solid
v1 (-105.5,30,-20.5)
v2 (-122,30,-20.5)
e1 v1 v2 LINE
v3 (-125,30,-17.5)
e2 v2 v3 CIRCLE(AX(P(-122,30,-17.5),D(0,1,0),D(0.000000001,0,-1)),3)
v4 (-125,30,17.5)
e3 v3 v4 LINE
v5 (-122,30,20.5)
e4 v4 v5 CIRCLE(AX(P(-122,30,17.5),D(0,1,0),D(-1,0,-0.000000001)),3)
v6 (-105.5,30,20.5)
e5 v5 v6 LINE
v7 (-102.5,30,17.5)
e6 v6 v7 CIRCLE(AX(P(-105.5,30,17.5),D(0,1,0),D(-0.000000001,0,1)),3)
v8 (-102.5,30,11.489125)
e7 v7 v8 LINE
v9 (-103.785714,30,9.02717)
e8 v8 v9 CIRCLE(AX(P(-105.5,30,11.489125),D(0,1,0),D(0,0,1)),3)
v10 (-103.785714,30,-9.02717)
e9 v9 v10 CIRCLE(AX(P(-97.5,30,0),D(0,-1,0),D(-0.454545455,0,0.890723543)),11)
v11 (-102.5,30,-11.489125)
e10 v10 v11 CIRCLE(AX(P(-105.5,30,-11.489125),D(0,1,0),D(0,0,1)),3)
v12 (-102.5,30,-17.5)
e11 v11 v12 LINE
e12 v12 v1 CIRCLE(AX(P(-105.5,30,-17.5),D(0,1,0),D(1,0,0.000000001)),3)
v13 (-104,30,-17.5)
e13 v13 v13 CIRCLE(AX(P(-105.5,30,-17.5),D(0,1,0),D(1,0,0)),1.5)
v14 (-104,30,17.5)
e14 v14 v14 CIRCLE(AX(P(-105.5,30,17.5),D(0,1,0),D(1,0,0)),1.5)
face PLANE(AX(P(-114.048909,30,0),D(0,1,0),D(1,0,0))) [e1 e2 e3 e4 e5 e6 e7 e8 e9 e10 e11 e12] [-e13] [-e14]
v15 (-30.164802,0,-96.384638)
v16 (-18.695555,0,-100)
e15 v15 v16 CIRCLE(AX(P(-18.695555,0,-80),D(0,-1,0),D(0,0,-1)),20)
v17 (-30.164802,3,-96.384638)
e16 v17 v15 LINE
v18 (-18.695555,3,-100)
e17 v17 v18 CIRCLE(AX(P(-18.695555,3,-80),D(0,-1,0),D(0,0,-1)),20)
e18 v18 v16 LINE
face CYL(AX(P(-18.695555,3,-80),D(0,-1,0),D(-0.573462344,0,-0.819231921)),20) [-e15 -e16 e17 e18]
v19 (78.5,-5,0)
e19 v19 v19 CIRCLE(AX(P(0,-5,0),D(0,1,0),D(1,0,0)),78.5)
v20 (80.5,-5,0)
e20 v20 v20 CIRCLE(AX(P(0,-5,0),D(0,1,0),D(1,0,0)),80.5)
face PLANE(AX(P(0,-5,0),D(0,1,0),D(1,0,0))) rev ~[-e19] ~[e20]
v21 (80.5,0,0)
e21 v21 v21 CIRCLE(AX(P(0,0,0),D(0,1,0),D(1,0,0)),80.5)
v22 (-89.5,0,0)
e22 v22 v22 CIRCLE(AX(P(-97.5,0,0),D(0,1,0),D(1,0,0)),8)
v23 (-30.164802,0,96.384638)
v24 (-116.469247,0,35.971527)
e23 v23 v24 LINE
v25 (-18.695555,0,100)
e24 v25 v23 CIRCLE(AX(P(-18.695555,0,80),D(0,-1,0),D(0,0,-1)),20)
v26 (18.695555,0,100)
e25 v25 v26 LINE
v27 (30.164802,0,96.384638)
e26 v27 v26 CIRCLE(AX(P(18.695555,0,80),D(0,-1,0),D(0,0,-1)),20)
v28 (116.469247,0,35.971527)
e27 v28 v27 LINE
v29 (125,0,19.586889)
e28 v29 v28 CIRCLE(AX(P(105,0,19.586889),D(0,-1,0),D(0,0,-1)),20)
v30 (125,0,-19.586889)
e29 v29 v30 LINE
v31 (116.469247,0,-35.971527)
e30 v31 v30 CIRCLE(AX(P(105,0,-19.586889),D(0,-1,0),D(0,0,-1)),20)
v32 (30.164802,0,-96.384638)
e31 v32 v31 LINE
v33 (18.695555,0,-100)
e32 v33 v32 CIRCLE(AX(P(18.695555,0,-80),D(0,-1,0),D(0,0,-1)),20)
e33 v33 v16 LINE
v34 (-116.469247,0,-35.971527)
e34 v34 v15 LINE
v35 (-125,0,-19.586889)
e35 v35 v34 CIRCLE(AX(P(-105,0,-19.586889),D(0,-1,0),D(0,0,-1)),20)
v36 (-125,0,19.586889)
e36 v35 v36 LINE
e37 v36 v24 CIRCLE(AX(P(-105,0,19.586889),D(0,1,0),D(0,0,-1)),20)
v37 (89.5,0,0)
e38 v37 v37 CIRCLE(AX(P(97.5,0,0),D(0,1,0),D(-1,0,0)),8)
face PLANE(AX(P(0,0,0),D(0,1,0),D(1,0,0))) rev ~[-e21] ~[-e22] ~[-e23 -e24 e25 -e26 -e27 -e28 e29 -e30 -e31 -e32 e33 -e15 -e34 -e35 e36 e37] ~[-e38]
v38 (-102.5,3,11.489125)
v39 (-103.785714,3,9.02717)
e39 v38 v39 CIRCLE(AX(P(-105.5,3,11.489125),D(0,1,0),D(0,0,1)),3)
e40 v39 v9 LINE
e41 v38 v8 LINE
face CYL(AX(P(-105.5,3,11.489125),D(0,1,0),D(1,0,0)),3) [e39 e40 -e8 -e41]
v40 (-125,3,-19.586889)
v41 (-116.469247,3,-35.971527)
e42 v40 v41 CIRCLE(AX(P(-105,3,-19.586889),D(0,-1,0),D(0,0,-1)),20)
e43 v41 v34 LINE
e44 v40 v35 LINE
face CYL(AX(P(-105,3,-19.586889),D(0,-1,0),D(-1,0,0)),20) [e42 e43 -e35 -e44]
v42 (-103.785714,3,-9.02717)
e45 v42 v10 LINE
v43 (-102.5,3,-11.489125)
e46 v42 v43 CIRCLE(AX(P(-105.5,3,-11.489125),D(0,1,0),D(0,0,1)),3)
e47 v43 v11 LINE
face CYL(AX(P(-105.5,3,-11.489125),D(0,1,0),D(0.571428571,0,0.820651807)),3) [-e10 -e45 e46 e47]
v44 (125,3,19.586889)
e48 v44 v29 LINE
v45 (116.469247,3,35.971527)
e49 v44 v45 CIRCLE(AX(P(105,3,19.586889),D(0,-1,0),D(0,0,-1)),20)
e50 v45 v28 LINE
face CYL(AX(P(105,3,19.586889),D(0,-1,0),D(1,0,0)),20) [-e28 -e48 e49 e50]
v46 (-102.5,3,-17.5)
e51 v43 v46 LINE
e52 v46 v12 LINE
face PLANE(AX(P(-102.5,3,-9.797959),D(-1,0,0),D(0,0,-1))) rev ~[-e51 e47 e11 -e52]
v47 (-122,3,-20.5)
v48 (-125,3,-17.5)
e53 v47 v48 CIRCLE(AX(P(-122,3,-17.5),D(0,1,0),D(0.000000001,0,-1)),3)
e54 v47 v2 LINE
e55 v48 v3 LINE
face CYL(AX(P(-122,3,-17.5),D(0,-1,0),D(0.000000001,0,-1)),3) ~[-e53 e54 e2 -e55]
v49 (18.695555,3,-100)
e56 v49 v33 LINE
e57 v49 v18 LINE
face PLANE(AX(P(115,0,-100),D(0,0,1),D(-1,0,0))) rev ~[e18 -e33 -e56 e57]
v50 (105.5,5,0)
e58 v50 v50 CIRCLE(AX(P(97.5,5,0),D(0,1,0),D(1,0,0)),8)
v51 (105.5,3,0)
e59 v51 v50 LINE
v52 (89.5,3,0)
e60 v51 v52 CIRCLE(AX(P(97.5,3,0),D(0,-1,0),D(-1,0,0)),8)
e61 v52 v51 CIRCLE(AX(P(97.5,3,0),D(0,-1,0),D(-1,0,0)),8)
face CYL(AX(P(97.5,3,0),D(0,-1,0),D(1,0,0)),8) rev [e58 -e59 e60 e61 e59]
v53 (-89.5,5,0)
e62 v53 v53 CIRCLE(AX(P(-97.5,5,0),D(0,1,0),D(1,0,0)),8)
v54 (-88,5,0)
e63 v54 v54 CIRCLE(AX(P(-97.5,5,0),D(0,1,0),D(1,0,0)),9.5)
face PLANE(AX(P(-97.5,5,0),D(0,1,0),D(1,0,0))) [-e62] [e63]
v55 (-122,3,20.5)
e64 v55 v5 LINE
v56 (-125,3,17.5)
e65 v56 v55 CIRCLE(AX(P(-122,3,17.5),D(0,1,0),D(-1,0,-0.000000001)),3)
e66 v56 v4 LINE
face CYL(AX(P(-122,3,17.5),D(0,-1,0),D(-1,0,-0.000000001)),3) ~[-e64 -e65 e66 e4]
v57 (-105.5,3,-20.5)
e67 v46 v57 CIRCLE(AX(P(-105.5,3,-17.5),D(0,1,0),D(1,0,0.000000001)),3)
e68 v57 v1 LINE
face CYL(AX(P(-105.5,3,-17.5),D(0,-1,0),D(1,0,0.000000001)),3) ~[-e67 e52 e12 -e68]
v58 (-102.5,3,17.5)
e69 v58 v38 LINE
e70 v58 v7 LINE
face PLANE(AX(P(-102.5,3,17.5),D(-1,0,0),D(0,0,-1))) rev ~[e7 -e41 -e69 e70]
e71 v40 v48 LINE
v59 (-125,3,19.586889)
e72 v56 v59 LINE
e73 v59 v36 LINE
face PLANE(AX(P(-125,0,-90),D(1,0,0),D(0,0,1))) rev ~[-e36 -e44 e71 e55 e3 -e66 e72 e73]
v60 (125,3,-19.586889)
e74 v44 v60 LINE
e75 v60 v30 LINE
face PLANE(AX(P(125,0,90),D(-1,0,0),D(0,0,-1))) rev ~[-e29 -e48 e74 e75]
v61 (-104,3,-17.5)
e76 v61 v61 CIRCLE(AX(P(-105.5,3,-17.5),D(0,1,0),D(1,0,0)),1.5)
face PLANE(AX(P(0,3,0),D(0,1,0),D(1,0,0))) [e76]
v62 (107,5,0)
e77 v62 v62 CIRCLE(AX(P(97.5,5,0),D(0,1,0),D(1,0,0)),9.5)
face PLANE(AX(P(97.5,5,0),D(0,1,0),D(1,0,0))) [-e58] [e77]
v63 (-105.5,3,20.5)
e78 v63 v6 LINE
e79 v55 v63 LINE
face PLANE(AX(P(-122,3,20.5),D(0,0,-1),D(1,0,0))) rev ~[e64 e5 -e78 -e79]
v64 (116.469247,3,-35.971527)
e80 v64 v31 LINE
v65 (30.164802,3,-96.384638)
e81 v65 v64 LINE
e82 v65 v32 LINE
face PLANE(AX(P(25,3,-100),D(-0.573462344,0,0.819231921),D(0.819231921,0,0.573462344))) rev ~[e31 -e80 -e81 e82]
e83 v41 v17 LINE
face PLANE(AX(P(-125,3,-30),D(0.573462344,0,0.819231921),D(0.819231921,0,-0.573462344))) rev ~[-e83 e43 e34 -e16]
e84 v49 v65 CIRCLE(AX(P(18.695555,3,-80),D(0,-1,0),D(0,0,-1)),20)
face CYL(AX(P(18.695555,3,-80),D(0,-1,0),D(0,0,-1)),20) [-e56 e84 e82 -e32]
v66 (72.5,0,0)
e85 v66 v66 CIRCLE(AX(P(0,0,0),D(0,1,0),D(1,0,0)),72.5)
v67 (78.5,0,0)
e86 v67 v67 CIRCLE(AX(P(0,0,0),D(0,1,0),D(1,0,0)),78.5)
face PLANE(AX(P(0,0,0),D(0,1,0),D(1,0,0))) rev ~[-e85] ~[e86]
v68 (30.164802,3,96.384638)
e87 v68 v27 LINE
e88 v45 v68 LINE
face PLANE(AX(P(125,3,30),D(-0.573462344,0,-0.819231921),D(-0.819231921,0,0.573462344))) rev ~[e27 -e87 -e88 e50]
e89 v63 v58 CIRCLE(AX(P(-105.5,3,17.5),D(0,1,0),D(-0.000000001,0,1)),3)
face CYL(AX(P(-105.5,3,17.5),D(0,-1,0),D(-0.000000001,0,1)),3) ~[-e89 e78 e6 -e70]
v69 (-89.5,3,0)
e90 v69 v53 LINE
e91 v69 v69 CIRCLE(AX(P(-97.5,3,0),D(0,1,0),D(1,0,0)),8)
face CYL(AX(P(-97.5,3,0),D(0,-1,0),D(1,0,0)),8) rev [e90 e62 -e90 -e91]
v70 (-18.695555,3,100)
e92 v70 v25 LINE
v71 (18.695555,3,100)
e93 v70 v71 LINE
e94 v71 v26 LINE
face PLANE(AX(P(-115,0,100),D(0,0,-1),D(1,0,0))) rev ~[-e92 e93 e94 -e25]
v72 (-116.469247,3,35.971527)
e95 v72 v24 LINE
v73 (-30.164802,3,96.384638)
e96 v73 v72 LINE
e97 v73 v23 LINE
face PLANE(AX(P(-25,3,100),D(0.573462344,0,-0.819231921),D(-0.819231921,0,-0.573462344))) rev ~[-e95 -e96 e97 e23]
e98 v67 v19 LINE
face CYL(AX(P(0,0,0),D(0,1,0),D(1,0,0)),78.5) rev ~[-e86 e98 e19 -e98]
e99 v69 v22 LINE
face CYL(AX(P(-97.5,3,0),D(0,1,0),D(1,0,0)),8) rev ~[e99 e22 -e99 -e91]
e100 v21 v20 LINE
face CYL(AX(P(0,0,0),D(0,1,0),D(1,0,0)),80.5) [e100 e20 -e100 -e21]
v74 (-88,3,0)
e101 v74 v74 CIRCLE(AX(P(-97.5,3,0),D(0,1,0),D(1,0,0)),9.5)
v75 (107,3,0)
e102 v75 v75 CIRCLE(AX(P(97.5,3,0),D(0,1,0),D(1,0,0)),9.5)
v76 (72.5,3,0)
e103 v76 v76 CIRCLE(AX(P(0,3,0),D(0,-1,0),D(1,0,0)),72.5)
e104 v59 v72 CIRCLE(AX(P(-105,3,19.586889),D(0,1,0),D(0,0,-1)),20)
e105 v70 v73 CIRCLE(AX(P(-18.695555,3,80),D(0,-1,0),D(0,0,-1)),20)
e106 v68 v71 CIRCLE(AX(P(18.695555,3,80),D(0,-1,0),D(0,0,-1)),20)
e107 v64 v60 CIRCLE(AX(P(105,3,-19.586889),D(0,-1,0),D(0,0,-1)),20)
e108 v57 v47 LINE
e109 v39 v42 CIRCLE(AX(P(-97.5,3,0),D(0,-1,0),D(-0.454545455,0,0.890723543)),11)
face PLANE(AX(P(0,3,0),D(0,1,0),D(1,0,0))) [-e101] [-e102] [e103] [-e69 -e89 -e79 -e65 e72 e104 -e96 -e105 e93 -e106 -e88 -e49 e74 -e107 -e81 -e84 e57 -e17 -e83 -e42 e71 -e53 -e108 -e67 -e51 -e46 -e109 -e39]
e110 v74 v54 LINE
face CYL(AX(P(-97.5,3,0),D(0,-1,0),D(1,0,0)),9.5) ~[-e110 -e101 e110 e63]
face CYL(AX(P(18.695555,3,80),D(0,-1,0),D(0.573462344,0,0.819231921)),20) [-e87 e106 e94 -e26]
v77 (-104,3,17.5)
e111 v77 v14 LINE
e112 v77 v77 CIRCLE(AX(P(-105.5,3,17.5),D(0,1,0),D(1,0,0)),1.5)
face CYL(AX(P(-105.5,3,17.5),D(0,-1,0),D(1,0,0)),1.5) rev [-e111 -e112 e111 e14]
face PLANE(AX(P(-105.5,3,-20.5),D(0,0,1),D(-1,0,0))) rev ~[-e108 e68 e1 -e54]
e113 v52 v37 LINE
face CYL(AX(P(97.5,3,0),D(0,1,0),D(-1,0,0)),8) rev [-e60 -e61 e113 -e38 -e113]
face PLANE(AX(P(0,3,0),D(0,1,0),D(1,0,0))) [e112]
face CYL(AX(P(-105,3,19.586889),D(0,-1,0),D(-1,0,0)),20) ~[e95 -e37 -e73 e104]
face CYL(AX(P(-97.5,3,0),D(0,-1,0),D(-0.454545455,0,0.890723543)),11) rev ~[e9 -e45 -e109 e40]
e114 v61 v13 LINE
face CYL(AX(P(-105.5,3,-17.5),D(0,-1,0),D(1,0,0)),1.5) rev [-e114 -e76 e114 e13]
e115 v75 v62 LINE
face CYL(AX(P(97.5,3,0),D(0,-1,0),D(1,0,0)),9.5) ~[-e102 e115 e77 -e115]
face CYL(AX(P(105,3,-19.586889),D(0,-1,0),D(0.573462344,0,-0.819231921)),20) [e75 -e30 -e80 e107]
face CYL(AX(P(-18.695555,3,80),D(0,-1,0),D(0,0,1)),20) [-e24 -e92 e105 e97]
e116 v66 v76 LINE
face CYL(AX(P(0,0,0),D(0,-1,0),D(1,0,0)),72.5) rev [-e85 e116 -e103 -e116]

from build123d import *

# Parameters (mm, degrees)
BOSS_EXTRUDE1_DEPTH = 3
SKETCH2_R           = 8
CUT_EXTRUDE1_DEPTH  = 4
SKETCH5_R           = 72.5
CUT_EXTRUDE4_DEPTH  = 4
SKETCH4_R           = 80.5
SKETCH4_R_2         = 78.5
EXTRUDE_THIN1_DEPTH = 5
SKETCH6_R           = 1.5
BOSS_EXTRUDE2_DEPTH = 27
FILLET1_R           = 3
CUT_EXTRUDE5_DEPTH  = 10
FILLET2_R           = 20
SKETCH8_R           = 9.5
SKETCH8_R_2         = 8
EXTRUDE_THIN2_DEPTH = 2


with BuildPart() as part:
    # Sketch1 → Boss-Extrude1 (new body)
    with BuildSketch(Plane(origin=(0, 0, 0), x_dir=(1, 0, 0), z_dir=(0, 1, 0))):
        with BuildLine():
            Line((-115, -100), (115, -100))
            ThreePointArc((115, -100), (122.071067812, -97.071067812), (125, -90))
            Line((125, -90), (125, 90))
            ThreePointArc((125, 90), (122.071067812, 97.071067812), (115, 100))
            Line((115, 100), (-115, 100))
            ThreePointArc((-115, 100), (-122.071067812, 97.071067812), (-125, 90))
            Line((-125, 90), (-125, -90))
            ThreePointArc((-125, -90), (-122.071067812, -97.071067812), (-115, -100))
        make_face()
    extrude(amount=BOSS_EXTRUDE1_DEPTH)

    # Sketch2 → Cut-Extrude1 (cut, through all)
    with BuildSketch(Plane(origin=(0, 3, 0), x_dir=(1, 0, 0), z_dir=(0, 1, 0))):
        with Locations((-97.5, 0)):
            Circle(SKETCH2_R)
    cut_extrude1 = extrude(amount=-CUT_EXTRUDE1_DEPTH, mode=Mode.SUBTRACT)

    # Mirror1: Cut-Extrude1 across plane
    add(cut_extrude1.mirror(Plane(origin=(0, 0, 0), x_dir=(0, 0, 1), z_dir=(1, 0, 0))), mode=Mode.SUBTRACT)

    # Sketch5 → Cut-Extrude4 (cut, through all)
    with BuildSketch(Plane(origin=(0, 0, 0), x_dir=(1, 0, 0), z_dir=(0, 1, 0))):
        Circle(SKETCH5_R)
    extrude(amount=CUT_EXTRUDE4_DEPTH, mode=Mode.SUBTRACT)

    # Sketch4 → Extrude-Thin1 (add)
    with BuildSketch(Plane(origin=(0, 0, 0), x_dir=(1, 0, 0), z_dir=(0, 1, 0))):
        Circle(SKETCH4_R)
        Circle(SKETCH4_R_2, mode=Mode.SUBTRACT)
    extrude(amount=-EXTRUDE_THIN1_DEPTH)

    # Sketch6 → Boss-Extrude2 (add)
    with BuildSketch(Plane(origin=(0, 3, 0), x_dir=(1, 0, 0), z_dir=(0, 1, 0))):
        with BuildLine():
            ThreePointArc((-125, -17.5), (-124.121320344, -19.621320344), (-122, -20.5))
            Line((-122, -20.5), (-105.5, -20.5))
            ThreePointArc((-105.5, -20.5), (-103.378679656, -19.621320344), (-102.5, -17.5))
            Line((-102.5, -17.5), (-102.5, -9.797958971))
            ThreePointArc((-102.5, -9.797958971), (-108.5, 0), (-102.5, 9.797958971))
            Line((-102.5, 9.797958971), (-102.5, 17.5))
            ThreePointArc((-102.5, 17.5), (-103.378679656, 19.621320344), (-105.5, 20.5))
            Line((-105.5, 20.5), (-122, 20.5))
            ThreePointArc((-122, 20.5), (-124.121320344, 19.621320344), (-125, 17.5))
            Line((-125, 17.5), (-125, -17.5))
        make_face()
        with Locations((-105.5, -17.5)):
            Circle(SKETCH6_R, mode=Mode.SUBTRACT)
        with Locations((-105.5, 17.5)):
            Circle(SKETCH6_R, mode=Mode.SUBTRACT)
    extrude(amount=BOSS_EXTRUDE2_DEPTH)

    # Fillet1
    fillet1_edges = [part.edges().sort_by_distance(p)[0] for p in [
        (-102.5, 16.5, 9.797958971),
        (-102.5, 16.5, -9.797958971),
    ]]
    fillet(fillet1_edges, radius=FILLET1_R)

    # Sketch7 → Cut-Extrude5 (cut)
    with BuildSketch(Plane(origin=(0, 3, 0), x_dir=(1, 0, 0), z_dir=(0, 1, 0))):
        with BuildLine():
            Line((-125, 90), (-125, 30))
            Line((-125, 30), (-25, 100))
            Line((-25, 100), (-115, 100))
            ThreePointArc((-115, 100), (-122.071067812, 97.071067812), (-125, 90))
        make_face()
        with BuildLine():
            Line((25, 100), (125, 30))
            Line((125, 30), (125, 90))
            ThreePointArc((125, 90), (122.071067812, 97.071067812), (115, 100))
            Line((115, 100), (25, 100))
        make_face()
        with BuildLine():
            Line((125, -30), (25, -100))
            Line((25, -100), (115, -100))
            ThreePointArc((115, -100), (122.071067812, -97.071067812), (125, -90))
            Line((125, -90), (125, -30))
        make_face()
        with BuildLine():
            ThreePointArc((-125, -90), (-122.071067812, -97.071067812), (-115, -100))
            Line((-115, -100), (-25, -100))
            Line((-25, -100), (-125, -30))
            Line((-125, -30), (-125, -90))
        make_face()
    extrude(amount=-CUT_EXTRUDE5_DEPTH, mode=Mode.SUBTRACT)

    # Fillet2
    fillet2_edges = [part.edges().sort_by_distance(p)[0] for p in [
        (-125, 1.5, 30),
        (-25, 1.5, 100),
        (125, 1.5, 30),
        (25, 1.5, 100),
        (25, 1.5, -100),
        (125, 1.5, -30),
        (-125, 1.5, -30),
        (-25, 1.5, -100),
    ]]
    fillet(fillet2_edges, radius=FILLET2_R)

    # Sketch8 → Extrude-Thin2 (add)
    with BuildSketch(Plane(origin=(0, 3, 0), x_dir=(1, 0, 0), z_dir=(0, 1, 0))):
        with Locations((-97.5, 0)):
            Circle(SKETCH8_R)
        with Locations((-97.5, 0)):
            Circle(SKETCH8_R_2, mode=Mode.SUBTRACT)
        with Locations((97.5, 0)):
            Circle(SKETCH8_R)
        with Locations((97.5, 0)):
            Circle(SKETCH8_R_2, mode=Mode.SUBTRACT)
    extrude(amount=EXTRUDE_THIN2_DEPTH)


solid = part.part
